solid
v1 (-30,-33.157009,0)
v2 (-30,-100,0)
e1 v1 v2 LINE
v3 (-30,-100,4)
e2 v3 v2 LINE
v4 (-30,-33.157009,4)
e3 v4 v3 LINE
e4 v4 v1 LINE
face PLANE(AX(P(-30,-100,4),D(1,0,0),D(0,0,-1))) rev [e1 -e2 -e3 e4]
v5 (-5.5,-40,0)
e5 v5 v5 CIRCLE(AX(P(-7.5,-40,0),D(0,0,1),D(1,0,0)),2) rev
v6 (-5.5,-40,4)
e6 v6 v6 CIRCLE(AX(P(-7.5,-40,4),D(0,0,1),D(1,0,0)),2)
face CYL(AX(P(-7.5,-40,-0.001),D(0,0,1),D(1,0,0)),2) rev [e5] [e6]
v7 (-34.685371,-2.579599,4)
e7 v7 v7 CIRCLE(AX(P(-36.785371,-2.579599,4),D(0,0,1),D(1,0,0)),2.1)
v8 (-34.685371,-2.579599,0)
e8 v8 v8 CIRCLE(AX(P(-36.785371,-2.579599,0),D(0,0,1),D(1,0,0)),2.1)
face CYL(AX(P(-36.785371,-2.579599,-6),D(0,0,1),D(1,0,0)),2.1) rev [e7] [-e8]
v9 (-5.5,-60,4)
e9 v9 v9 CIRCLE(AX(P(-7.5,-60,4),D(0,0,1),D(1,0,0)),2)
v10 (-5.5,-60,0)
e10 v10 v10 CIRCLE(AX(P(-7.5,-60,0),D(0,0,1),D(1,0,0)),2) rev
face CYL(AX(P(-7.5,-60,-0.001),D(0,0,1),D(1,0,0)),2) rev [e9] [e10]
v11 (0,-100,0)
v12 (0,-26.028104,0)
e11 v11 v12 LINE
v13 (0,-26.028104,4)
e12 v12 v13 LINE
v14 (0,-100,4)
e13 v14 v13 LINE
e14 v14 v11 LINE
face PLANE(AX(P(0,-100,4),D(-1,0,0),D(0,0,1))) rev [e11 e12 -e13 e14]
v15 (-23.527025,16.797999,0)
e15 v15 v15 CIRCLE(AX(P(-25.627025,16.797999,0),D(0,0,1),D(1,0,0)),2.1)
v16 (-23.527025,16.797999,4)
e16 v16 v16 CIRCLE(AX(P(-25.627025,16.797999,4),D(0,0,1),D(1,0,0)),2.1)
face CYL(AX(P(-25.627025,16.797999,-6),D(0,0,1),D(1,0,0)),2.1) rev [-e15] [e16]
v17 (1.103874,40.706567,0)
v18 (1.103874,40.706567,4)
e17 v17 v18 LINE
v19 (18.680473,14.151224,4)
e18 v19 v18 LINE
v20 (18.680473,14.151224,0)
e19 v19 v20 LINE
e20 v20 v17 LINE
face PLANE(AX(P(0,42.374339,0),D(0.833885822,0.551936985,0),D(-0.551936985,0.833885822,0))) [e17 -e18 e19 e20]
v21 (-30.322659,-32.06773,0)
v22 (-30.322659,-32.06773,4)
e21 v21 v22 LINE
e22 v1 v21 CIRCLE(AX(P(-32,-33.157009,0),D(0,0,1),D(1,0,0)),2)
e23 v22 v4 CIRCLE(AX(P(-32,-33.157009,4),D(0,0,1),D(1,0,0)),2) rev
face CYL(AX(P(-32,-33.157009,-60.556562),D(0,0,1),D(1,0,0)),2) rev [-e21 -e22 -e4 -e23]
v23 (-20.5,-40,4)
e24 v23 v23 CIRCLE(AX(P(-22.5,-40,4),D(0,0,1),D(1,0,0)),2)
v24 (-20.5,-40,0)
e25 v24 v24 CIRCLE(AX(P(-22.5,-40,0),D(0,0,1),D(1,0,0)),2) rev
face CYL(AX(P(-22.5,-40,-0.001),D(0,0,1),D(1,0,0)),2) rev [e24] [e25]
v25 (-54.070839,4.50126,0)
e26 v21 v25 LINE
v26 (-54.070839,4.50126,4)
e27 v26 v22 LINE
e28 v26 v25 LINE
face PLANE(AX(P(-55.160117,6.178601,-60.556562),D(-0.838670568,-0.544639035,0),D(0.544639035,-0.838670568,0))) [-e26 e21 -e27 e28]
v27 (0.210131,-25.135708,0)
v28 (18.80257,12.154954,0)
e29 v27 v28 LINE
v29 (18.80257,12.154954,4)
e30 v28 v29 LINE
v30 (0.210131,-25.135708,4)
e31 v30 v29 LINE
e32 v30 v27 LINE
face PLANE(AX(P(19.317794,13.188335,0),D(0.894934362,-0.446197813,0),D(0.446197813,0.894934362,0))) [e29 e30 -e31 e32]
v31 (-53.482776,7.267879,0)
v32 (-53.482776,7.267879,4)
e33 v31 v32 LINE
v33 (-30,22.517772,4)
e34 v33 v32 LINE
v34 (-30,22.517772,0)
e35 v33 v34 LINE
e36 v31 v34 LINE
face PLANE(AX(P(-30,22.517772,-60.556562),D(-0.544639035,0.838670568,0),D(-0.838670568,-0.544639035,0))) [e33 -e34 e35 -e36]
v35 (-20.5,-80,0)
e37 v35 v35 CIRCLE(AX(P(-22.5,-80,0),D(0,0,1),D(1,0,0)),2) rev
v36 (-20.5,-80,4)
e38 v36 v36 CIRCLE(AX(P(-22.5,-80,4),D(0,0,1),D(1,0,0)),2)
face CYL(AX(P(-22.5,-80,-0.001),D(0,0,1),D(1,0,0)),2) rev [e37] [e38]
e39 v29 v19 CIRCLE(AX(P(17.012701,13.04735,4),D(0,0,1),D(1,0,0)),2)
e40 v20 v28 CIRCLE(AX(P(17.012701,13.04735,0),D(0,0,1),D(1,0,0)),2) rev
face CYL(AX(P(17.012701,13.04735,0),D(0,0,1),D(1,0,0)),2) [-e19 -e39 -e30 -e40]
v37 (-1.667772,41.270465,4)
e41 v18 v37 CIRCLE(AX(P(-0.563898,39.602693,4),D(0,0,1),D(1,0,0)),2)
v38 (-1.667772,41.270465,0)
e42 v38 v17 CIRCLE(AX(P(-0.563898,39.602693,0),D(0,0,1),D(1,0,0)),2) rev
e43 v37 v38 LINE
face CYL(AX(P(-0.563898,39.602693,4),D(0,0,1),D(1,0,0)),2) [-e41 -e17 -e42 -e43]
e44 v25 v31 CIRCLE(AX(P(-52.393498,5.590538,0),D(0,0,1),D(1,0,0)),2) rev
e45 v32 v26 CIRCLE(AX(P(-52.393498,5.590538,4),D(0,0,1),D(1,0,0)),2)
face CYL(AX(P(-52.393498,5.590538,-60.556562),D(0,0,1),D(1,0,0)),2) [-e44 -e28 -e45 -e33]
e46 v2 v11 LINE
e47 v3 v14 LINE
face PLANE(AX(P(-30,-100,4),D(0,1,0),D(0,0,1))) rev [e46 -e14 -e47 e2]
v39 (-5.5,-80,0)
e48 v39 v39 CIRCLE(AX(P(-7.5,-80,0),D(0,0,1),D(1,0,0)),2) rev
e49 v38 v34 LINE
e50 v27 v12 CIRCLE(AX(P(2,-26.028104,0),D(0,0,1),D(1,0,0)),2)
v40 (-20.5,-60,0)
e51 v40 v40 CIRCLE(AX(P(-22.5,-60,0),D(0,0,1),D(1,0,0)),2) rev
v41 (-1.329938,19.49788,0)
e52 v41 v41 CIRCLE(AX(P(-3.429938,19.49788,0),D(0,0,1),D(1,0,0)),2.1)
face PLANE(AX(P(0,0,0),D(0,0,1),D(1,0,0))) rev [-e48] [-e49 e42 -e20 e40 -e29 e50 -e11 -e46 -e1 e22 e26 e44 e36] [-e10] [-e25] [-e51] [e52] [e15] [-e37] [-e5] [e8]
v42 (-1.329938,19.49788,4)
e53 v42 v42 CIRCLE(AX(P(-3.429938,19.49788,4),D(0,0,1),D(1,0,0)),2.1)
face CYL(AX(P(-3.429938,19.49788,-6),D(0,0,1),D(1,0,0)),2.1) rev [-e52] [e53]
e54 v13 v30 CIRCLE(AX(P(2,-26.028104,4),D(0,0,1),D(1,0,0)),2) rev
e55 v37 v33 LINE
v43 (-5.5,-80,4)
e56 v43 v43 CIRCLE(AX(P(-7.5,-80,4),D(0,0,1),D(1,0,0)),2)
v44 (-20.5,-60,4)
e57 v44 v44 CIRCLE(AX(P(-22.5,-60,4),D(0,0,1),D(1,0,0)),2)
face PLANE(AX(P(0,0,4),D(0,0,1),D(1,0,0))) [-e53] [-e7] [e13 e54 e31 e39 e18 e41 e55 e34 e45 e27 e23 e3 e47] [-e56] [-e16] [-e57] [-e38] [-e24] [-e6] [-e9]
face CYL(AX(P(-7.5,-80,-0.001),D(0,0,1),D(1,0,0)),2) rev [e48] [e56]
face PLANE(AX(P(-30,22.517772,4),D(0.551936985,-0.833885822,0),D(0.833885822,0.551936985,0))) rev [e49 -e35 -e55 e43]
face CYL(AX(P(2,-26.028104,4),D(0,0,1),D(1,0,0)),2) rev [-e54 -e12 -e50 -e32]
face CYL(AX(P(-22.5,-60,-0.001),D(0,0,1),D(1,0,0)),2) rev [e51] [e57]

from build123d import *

# Parameters (mm, degrees)
EXTRUDE_1_DEPTH     = 4
CUT_EXTRUDE_1_REACH = 106.48
SKETCH_14_R         = 2
EXTRUDE_2_DEPTH     = 4
SKETCH_17_R         = 2.1
CUT_EXTRUDE_2_DEPTH = 10
EXTRUDE_3_DEPTH     = 4
FILLET_1_R          = 2


with BuildPart() as part:
    # 草图13 → 凸台-拉伸1 (new body)
    with BuildSketch(Plane.XY):
        Polygon((-30, -100), (0, -100), (0, 0), (0, 42.37433904), (-30, 22.517772204), align=None)
    extrude(amount=EXTRUDE_1_DEPTH)

    # 草图14 → 切除-拉伸1 (cut, up to next)
    with BuildSketch(Plane.XY.offset(4), mode=Mode.PRIVATE) as cut_extrude_1_sk1:
        with Locations((-22.5, -40)):
            Circle(SKETCH_14_R)
    cut_extrude_1_tool1 = extrude(cut_extrude_1_sk1.sketch, amount=-CUT_EXTRUDE_1_REACH, mode=Mode.PRIVATE) & part.part
    # 草图14 → 切除-拉伸1 (cut, up to next)
    with BuildSketch(Plane.XY.offset(4), mode=Mode.PRIVATE) as cut_extrude_1_sk2:
        with Locations((-7.5, -40)):
            Circle(SKETCH_14_R)
    cut_extrude_1_tool2 = extrude(cut_extrude_1_sk2.sketch, amount=-CUT_EXTRUDE_1_REACH, mode=Mode.PRIVATE) & part.part
    # 草图14 → 切除-拉伸1 (cut, up to next)
    with BuildSketch(Plane.XY.offset(4), mode=Mode.PRIVATE) as cut_extrude_1_sk3:
        with Locations((-7.5, -60)):
            Circle(SKETCH_14_R)
    cut_extrude_1_tool3 = extrude(cut_extrude_1_sk3.sketch, amount=-CUT_EXTRUDE_1_REACH, mode=Mode.PRIVATE) & part.part
    # 草图14 → 切除-拉伸1 (cut, up to next)
    with BuildSketch(Plane.XY.offset(4), mode=Mode.PRIVATE) as cut_extrude_1_sk4:
        with Locations((-7.5, -80)):
            Circle(SKETCH_14_R)
    cut_extrude_1_tool4 = extrude(cut_extrude_1_sk4.sketch, amount=-CUT_EXTRUDE_1_REACH, mode=Mode.PRIVATE) & part.part
    # 草图14 → 切除-拉伸1 (cut, up to next)
    with BuildSketch(Plane.XY.offset(4), mode=Mode.PRIVATE) as cut_extrude_1_sk5:
        with Locations((-22.5, -60)):
            Circle(SKETCH_14_R)
    cut_extrude_1_tool5 = extrude(cut_extrude_1_sk5.sketch, amount=-CUT_EXTRUDE_1_REACH, mode=Mode.PRIVATE) & part.part
    # 草图14 → 切除-拉伸1 (cut, up to next)
    with BuildSketch(Plane.XY.offset(4), mode=Mode.PRIVATE) as cut_extrude_1_sk6:
        with Locations((-22.5, -80)):
            Circle(SKETCH_14_R)
    cut_extrude_1_tool6 = extrude(cut_extrude_1_sk6.sketch, amount=-CUT_EXTRUDE_1_REACH, mode=Mode.PRIVATE) & part.part
    add(cut_extrude_1_tool1.solids().sort_by_distance((-22.5, -40, 4))[0], mode=Mode.SUBTRACT)
    add(cut_extrude_1_tool2.solids().sort_by_distance((-7.5, -40, 4))[0], mode=Mode.SUBTRACT)
    add(cut_extrude_1_tool3.solids().sort_by_distance((-7.5, -60, 4))[0], mode=Mode.SUBTRACT)
    add(cut_extrude_1_tool4.solids().sort_by_distance((-7.5, -80, 4))[0], mode=Mode.SUBTRACT)
    add(cut_extrude_1_tool5.solids().sort_by_distance((-22.5, -60, 4))[0], mode=Mode.SUBTRACT)
    add(cut_extrude_1_tool6.solids().sort_by_distance((-22.5, -80, 4))[0], mode=Mode.SUBTRACT)

    # 草图16 → 凸台-拉伸2 (add)
    with BuildSketch(Plane.XY.offset(4)):
        Polygon((-30, 22.517772204), (-55.160117038, 6.178601154), (-30, -32.564581559), align=None)
    extrude(amount=-EXTRUDE_2_DEPTH)

    # 草图17 → 切除-拉伸2 (cut)
    with BuildSketch(Plane.XY.offset(4)):
        with Locations((-3.429938262, 19.497880137)):
            Circle(SKETCH_17_R)
        with Locations((-25.627024556, 16.797998652)):
            Circle(SKETCH_17_R)
        with Locations((-36.785371145, -2.579599275)):
            Circle(SKETCH_17_R)
    extrude(amount=-CUT_EXTRUDE_2_DEPTH, mode=Mode.SUBTRACT)

    # 草图18 → 凸台-拉伸3 (add)
    with BuildSketch(Plane.XY.offset(4)):
        Polygon((0, 42.37433904), (19.317794486, 13.188335268), (0, -25.557166319), align=None)
    extrude(amount=-EXTRUDE_3_DEPTH)

    # 圆角1
    fillet_1_edges = [part.edges().sort_by_distance(p)[0] for p in [
        (-30, -32.564581559, 2),
        (-55.160117038, 6.178601154, 2),
        (0, -25.557166319, 2),
        (19.317794486, 13.188335268, 2),
        (0, 42.37433904, 2),
    ]]
    fillet(fillet_1_edges, radius=FILLET_1_R)


solid = part.part
